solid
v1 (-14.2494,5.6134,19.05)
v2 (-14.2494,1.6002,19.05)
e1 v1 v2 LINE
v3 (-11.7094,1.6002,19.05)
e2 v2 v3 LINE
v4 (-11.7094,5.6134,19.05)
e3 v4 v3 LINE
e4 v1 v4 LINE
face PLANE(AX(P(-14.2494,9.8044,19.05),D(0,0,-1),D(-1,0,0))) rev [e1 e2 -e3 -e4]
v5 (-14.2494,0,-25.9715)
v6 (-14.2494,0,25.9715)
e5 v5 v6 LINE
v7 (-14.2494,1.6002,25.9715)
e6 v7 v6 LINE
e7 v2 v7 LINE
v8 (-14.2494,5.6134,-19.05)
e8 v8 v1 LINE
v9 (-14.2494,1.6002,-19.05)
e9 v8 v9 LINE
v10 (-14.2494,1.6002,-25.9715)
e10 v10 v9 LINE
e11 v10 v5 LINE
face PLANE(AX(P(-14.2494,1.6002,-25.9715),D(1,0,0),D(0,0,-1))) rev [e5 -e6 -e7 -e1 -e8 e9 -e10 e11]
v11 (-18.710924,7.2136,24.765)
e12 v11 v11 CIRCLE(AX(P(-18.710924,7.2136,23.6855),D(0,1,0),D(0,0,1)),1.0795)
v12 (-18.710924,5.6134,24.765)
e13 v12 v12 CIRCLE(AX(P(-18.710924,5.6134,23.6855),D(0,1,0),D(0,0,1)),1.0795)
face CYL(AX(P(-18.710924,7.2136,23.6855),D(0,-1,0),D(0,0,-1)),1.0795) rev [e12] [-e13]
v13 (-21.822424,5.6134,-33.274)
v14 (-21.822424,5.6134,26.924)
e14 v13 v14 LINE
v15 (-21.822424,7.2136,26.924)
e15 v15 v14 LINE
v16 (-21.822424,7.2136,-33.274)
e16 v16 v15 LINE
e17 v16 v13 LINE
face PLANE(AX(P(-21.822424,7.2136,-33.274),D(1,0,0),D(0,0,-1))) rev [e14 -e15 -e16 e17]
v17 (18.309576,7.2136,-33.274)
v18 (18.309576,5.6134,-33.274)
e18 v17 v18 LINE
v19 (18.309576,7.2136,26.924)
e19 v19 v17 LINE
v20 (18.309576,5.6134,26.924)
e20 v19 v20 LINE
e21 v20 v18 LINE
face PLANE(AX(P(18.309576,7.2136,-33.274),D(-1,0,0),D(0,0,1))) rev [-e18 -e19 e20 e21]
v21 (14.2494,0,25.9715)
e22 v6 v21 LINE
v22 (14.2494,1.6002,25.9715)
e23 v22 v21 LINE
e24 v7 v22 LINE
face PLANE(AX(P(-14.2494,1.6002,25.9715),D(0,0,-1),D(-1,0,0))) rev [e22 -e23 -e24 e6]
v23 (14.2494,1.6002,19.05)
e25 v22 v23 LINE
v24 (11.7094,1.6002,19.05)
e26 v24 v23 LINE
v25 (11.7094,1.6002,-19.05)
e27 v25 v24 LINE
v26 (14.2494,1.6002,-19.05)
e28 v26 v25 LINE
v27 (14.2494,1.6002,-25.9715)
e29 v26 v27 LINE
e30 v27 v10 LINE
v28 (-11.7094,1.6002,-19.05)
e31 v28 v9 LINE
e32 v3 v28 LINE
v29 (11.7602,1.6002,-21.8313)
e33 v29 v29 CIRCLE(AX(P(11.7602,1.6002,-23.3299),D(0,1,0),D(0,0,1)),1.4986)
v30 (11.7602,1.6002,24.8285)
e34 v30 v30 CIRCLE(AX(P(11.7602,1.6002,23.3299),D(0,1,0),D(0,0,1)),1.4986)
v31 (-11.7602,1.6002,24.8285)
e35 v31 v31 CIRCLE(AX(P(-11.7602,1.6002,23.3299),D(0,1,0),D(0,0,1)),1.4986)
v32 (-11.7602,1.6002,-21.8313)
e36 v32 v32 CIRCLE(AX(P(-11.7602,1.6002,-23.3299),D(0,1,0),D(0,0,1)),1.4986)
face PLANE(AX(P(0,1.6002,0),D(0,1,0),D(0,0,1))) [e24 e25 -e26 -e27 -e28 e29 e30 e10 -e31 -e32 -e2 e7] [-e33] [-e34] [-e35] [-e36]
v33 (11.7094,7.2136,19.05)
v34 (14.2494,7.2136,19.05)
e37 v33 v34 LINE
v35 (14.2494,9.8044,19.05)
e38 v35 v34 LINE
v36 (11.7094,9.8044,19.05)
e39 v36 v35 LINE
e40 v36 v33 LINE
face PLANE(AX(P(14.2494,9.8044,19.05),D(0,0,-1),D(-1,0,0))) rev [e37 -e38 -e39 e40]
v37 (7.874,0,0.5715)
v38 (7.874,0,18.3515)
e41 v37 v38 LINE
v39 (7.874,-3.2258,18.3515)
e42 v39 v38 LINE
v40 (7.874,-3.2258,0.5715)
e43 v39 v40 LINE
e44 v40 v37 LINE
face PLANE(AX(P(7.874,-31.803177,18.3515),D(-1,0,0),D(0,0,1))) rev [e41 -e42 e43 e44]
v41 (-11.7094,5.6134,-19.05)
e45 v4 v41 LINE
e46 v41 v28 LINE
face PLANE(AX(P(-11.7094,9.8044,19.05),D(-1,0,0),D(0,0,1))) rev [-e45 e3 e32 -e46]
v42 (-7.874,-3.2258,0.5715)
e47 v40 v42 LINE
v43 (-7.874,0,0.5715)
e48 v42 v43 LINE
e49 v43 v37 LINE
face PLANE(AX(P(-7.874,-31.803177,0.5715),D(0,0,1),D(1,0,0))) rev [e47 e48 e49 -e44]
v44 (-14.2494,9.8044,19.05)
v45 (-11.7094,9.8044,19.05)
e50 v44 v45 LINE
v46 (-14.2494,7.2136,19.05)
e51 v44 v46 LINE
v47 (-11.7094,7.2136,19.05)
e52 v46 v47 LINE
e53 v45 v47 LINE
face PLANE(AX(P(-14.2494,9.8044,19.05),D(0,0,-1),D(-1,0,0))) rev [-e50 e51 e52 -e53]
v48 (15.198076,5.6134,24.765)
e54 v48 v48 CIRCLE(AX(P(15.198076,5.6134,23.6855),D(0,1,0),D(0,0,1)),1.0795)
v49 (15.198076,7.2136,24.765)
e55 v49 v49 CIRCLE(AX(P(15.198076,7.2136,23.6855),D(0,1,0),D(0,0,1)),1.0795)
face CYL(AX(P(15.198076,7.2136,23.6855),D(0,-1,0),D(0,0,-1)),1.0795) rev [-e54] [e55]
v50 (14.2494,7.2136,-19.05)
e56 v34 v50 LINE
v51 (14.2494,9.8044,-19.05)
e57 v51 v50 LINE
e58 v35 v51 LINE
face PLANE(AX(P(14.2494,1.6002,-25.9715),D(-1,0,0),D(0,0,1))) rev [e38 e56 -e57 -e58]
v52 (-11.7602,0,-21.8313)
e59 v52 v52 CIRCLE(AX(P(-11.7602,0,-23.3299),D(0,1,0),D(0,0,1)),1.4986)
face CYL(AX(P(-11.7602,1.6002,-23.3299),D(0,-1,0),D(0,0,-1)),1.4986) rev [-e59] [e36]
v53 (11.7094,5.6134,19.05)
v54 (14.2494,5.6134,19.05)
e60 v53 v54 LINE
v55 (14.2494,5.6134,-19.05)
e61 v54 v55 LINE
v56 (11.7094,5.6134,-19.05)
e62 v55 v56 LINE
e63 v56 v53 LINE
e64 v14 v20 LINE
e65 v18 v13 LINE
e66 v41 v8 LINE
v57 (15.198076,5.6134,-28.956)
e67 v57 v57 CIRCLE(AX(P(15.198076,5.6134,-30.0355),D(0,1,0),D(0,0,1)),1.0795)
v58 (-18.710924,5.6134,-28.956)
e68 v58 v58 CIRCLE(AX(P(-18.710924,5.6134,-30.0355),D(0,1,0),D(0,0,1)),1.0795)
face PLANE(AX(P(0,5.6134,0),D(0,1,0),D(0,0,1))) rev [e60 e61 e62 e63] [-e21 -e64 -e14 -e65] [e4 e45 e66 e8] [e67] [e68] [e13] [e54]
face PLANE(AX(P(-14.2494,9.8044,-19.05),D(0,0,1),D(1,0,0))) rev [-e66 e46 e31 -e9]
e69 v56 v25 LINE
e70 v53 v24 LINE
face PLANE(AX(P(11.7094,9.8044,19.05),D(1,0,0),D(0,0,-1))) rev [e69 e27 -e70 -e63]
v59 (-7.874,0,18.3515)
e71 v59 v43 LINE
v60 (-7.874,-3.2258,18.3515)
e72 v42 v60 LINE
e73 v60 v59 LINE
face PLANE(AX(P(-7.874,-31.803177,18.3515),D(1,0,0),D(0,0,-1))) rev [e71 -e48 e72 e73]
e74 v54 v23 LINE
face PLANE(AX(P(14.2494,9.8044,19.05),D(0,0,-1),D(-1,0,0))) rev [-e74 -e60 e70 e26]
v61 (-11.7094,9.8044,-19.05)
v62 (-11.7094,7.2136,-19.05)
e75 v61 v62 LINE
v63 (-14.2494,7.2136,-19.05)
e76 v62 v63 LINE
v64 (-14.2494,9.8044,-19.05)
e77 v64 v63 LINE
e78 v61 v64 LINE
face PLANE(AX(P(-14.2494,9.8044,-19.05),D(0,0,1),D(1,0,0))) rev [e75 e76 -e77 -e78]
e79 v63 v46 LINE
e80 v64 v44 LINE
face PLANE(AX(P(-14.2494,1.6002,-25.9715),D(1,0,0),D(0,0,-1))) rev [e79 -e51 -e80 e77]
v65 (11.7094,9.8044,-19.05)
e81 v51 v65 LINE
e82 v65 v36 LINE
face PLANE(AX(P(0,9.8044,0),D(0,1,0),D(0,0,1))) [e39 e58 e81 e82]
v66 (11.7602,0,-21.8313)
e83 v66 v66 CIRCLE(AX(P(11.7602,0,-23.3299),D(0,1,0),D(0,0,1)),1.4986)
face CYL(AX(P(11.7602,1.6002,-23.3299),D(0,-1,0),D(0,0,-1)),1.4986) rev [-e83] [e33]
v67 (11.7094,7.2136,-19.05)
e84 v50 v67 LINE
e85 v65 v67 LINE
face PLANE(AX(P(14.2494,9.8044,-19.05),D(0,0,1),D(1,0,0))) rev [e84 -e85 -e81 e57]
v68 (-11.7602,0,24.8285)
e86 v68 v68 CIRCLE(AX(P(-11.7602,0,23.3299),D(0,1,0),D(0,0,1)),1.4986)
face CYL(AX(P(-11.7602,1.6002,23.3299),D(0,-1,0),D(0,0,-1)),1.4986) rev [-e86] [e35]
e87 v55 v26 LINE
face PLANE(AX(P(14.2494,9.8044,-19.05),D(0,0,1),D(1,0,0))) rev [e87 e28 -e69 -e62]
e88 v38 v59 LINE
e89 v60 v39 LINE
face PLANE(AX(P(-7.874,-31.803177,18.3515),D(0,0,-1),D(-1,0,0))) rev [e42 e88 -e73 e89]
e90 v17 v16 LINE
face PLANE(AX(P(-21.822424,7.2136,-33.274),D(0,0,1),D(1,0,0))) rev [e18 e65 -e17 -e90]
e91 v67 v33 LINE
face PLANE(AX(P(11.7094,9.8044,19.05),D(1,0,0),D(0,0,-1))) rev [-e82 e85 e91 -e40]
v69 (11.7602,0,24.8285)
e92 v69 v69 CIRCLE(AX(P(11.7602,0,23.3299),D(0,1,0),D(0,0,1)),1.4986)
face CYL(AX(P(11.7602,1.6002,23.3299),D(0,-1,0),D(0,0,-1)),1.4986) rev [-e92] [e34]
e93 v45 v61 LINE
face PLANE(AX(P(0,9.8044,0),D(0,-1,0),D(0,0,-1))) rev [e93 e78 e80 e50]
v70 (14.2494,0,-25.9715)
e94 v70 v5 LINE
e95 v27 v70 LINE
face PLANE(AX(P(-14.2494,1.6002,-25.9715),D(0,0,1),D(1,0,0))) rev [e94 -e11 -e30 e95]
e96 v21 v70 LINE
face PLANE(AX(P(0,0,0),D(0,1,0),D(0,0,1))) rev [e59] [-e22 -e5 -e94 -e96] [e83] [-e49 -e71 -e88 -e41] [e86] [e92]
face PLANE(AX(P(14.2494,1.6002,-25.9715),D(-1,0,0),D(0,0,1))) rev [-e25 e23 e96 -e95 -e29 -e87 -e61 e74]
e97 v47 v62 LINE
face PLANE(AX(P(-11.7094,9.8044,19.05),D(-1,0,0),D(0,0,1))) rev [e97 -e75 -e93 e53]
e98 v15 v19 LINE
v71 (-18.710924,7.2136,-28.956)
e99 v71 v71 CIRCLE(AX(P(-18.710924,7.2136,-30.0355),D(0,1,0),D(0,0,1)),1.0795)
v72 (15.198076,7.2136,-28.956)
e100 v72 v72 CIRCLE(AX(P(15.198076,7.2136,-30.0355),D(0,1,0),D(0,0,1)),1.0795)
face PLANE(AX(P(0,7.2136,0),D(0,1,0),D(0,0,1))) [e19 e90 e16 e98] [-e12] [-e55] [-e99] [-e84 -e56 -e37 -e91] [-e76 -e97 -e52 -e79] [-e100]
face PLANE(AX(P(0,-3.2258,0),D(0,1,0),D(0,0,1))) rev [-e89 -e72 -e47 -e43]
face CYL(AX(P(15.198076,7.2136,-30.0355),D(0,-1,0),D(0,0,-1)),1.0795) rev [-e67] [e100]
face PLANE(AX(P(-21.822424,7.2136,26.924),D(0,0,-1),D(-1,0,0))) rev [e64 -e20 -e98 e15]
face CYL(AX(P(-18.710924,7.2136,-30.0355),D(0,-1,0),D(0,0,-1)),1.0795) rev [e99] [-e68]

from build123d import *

# Parameters (mm, degrees)
SKETCH1_W           = 28.4988
SKETCH1_H           = 51.943
SKETCH1_R           = 1.4986
BOSS_EXTRUDE1_DEPTH = 1.6002
SKETCH2_W           = 2.54
SKETCH2_H           = 38.1
BOSS_EXTRUDE2_DEPTH = 8.2042
SKETCH3_W           = 15.748
SKETCH3_H           = 17.78
BOSS_EXTRUDE3_DEPTH = 3.2258
SKETCH4_W           = 40.132
SKETCH4_H           = 60.198
SKETCH4_R           = 1.0795
BOSS_EXTRUDE4_DEPTH = 1.6002


with BuildPart() as part:
    # Sketch1 → Boss-Extrude1 (new body)
    with BuildSketch(Plane(origin=(0, 0, 0), x_dir=(1, 0, 0), z_dir=(0, 1, 0))):
        Rectangle(SKETCH1_W, SKETCH1_H)
        with Locations((-11.7602, 23.3299)):
            Circle(SKETCH1_R, mode=Mode.SUBTRACT)
        with Locations((11.7602, -23.3299)):
            Circle(SKETCH1_R, mode=Mode.SUBTRACT)
        with Locations((-11.7602, -23.3299)):
            Circle(SKETCH1_R, mode=Mode.SUBTRACT)
        with Locations((11.7602, 23.3299)):
            Circle(SKETCH1_R, mode=Mode.SUBTRACT)
    extrude(amount=BOSS_EXTRUDE1_DEPTH)

    # Sketch2 → Boss-Extrude2 (add)
    with BuildSketch(Plane(origin=(0, 1.6002, 0), x_dir=(1, 0, 0), z_dir=(0, 1, 0))):
        with Locations((-12.9794, 0)):
            Rectangle(SKETCH2_W, SKETCH2_H)
        with Locations((12.9794, 0)):
            Rectangle(SKETCH2_W, SKETCH2_H)
    extrude(amount=BOSS_EXTRUDE2_DEPTH)

    # Sketch3 → Boss-Extrude3 (add)
    with BuildSketch(Plane.XZ):
        with Locations((0, 9.4615)):
            Rectangle(SKETCH3_W, SKETCH3_H)
    extrude(amount=BOSS_EXTRUDE3_DEPTH)

    # Sketch4 → Boss-Extrude4 (add)
    with BuildSketch(Plane(origin=(0, 5.6134, 0), x_dir=(1, 0, 0), z_dir=(0, 1, 0))):
        with Locations((-1.756423699, 3.175)):
            Rectangle(SKETCH4_W, SKETCH4_H)
        with Locations((-18.710923699, 30.0355)):
            Circle(SKETCH4_R, mode=Mode.SUBTRACT)
        with Locations((15.198076301, 30.0355)):
            Circle(SKETCH4_R, mode=Mode.SUBTRACT)
        with Locations((15.198076301, -23.6855)):
            Circle(SKETCH4_R, mode=Mode.SUBTRACT)
        with Locations((-18.710923699, -23.6855)):
            Circle(SKETCH4_R, mode=Mode.SUBTRACT)
    extrude(amount=BOSS_EXTRUDE4_DEPTH)


solid = part.part
